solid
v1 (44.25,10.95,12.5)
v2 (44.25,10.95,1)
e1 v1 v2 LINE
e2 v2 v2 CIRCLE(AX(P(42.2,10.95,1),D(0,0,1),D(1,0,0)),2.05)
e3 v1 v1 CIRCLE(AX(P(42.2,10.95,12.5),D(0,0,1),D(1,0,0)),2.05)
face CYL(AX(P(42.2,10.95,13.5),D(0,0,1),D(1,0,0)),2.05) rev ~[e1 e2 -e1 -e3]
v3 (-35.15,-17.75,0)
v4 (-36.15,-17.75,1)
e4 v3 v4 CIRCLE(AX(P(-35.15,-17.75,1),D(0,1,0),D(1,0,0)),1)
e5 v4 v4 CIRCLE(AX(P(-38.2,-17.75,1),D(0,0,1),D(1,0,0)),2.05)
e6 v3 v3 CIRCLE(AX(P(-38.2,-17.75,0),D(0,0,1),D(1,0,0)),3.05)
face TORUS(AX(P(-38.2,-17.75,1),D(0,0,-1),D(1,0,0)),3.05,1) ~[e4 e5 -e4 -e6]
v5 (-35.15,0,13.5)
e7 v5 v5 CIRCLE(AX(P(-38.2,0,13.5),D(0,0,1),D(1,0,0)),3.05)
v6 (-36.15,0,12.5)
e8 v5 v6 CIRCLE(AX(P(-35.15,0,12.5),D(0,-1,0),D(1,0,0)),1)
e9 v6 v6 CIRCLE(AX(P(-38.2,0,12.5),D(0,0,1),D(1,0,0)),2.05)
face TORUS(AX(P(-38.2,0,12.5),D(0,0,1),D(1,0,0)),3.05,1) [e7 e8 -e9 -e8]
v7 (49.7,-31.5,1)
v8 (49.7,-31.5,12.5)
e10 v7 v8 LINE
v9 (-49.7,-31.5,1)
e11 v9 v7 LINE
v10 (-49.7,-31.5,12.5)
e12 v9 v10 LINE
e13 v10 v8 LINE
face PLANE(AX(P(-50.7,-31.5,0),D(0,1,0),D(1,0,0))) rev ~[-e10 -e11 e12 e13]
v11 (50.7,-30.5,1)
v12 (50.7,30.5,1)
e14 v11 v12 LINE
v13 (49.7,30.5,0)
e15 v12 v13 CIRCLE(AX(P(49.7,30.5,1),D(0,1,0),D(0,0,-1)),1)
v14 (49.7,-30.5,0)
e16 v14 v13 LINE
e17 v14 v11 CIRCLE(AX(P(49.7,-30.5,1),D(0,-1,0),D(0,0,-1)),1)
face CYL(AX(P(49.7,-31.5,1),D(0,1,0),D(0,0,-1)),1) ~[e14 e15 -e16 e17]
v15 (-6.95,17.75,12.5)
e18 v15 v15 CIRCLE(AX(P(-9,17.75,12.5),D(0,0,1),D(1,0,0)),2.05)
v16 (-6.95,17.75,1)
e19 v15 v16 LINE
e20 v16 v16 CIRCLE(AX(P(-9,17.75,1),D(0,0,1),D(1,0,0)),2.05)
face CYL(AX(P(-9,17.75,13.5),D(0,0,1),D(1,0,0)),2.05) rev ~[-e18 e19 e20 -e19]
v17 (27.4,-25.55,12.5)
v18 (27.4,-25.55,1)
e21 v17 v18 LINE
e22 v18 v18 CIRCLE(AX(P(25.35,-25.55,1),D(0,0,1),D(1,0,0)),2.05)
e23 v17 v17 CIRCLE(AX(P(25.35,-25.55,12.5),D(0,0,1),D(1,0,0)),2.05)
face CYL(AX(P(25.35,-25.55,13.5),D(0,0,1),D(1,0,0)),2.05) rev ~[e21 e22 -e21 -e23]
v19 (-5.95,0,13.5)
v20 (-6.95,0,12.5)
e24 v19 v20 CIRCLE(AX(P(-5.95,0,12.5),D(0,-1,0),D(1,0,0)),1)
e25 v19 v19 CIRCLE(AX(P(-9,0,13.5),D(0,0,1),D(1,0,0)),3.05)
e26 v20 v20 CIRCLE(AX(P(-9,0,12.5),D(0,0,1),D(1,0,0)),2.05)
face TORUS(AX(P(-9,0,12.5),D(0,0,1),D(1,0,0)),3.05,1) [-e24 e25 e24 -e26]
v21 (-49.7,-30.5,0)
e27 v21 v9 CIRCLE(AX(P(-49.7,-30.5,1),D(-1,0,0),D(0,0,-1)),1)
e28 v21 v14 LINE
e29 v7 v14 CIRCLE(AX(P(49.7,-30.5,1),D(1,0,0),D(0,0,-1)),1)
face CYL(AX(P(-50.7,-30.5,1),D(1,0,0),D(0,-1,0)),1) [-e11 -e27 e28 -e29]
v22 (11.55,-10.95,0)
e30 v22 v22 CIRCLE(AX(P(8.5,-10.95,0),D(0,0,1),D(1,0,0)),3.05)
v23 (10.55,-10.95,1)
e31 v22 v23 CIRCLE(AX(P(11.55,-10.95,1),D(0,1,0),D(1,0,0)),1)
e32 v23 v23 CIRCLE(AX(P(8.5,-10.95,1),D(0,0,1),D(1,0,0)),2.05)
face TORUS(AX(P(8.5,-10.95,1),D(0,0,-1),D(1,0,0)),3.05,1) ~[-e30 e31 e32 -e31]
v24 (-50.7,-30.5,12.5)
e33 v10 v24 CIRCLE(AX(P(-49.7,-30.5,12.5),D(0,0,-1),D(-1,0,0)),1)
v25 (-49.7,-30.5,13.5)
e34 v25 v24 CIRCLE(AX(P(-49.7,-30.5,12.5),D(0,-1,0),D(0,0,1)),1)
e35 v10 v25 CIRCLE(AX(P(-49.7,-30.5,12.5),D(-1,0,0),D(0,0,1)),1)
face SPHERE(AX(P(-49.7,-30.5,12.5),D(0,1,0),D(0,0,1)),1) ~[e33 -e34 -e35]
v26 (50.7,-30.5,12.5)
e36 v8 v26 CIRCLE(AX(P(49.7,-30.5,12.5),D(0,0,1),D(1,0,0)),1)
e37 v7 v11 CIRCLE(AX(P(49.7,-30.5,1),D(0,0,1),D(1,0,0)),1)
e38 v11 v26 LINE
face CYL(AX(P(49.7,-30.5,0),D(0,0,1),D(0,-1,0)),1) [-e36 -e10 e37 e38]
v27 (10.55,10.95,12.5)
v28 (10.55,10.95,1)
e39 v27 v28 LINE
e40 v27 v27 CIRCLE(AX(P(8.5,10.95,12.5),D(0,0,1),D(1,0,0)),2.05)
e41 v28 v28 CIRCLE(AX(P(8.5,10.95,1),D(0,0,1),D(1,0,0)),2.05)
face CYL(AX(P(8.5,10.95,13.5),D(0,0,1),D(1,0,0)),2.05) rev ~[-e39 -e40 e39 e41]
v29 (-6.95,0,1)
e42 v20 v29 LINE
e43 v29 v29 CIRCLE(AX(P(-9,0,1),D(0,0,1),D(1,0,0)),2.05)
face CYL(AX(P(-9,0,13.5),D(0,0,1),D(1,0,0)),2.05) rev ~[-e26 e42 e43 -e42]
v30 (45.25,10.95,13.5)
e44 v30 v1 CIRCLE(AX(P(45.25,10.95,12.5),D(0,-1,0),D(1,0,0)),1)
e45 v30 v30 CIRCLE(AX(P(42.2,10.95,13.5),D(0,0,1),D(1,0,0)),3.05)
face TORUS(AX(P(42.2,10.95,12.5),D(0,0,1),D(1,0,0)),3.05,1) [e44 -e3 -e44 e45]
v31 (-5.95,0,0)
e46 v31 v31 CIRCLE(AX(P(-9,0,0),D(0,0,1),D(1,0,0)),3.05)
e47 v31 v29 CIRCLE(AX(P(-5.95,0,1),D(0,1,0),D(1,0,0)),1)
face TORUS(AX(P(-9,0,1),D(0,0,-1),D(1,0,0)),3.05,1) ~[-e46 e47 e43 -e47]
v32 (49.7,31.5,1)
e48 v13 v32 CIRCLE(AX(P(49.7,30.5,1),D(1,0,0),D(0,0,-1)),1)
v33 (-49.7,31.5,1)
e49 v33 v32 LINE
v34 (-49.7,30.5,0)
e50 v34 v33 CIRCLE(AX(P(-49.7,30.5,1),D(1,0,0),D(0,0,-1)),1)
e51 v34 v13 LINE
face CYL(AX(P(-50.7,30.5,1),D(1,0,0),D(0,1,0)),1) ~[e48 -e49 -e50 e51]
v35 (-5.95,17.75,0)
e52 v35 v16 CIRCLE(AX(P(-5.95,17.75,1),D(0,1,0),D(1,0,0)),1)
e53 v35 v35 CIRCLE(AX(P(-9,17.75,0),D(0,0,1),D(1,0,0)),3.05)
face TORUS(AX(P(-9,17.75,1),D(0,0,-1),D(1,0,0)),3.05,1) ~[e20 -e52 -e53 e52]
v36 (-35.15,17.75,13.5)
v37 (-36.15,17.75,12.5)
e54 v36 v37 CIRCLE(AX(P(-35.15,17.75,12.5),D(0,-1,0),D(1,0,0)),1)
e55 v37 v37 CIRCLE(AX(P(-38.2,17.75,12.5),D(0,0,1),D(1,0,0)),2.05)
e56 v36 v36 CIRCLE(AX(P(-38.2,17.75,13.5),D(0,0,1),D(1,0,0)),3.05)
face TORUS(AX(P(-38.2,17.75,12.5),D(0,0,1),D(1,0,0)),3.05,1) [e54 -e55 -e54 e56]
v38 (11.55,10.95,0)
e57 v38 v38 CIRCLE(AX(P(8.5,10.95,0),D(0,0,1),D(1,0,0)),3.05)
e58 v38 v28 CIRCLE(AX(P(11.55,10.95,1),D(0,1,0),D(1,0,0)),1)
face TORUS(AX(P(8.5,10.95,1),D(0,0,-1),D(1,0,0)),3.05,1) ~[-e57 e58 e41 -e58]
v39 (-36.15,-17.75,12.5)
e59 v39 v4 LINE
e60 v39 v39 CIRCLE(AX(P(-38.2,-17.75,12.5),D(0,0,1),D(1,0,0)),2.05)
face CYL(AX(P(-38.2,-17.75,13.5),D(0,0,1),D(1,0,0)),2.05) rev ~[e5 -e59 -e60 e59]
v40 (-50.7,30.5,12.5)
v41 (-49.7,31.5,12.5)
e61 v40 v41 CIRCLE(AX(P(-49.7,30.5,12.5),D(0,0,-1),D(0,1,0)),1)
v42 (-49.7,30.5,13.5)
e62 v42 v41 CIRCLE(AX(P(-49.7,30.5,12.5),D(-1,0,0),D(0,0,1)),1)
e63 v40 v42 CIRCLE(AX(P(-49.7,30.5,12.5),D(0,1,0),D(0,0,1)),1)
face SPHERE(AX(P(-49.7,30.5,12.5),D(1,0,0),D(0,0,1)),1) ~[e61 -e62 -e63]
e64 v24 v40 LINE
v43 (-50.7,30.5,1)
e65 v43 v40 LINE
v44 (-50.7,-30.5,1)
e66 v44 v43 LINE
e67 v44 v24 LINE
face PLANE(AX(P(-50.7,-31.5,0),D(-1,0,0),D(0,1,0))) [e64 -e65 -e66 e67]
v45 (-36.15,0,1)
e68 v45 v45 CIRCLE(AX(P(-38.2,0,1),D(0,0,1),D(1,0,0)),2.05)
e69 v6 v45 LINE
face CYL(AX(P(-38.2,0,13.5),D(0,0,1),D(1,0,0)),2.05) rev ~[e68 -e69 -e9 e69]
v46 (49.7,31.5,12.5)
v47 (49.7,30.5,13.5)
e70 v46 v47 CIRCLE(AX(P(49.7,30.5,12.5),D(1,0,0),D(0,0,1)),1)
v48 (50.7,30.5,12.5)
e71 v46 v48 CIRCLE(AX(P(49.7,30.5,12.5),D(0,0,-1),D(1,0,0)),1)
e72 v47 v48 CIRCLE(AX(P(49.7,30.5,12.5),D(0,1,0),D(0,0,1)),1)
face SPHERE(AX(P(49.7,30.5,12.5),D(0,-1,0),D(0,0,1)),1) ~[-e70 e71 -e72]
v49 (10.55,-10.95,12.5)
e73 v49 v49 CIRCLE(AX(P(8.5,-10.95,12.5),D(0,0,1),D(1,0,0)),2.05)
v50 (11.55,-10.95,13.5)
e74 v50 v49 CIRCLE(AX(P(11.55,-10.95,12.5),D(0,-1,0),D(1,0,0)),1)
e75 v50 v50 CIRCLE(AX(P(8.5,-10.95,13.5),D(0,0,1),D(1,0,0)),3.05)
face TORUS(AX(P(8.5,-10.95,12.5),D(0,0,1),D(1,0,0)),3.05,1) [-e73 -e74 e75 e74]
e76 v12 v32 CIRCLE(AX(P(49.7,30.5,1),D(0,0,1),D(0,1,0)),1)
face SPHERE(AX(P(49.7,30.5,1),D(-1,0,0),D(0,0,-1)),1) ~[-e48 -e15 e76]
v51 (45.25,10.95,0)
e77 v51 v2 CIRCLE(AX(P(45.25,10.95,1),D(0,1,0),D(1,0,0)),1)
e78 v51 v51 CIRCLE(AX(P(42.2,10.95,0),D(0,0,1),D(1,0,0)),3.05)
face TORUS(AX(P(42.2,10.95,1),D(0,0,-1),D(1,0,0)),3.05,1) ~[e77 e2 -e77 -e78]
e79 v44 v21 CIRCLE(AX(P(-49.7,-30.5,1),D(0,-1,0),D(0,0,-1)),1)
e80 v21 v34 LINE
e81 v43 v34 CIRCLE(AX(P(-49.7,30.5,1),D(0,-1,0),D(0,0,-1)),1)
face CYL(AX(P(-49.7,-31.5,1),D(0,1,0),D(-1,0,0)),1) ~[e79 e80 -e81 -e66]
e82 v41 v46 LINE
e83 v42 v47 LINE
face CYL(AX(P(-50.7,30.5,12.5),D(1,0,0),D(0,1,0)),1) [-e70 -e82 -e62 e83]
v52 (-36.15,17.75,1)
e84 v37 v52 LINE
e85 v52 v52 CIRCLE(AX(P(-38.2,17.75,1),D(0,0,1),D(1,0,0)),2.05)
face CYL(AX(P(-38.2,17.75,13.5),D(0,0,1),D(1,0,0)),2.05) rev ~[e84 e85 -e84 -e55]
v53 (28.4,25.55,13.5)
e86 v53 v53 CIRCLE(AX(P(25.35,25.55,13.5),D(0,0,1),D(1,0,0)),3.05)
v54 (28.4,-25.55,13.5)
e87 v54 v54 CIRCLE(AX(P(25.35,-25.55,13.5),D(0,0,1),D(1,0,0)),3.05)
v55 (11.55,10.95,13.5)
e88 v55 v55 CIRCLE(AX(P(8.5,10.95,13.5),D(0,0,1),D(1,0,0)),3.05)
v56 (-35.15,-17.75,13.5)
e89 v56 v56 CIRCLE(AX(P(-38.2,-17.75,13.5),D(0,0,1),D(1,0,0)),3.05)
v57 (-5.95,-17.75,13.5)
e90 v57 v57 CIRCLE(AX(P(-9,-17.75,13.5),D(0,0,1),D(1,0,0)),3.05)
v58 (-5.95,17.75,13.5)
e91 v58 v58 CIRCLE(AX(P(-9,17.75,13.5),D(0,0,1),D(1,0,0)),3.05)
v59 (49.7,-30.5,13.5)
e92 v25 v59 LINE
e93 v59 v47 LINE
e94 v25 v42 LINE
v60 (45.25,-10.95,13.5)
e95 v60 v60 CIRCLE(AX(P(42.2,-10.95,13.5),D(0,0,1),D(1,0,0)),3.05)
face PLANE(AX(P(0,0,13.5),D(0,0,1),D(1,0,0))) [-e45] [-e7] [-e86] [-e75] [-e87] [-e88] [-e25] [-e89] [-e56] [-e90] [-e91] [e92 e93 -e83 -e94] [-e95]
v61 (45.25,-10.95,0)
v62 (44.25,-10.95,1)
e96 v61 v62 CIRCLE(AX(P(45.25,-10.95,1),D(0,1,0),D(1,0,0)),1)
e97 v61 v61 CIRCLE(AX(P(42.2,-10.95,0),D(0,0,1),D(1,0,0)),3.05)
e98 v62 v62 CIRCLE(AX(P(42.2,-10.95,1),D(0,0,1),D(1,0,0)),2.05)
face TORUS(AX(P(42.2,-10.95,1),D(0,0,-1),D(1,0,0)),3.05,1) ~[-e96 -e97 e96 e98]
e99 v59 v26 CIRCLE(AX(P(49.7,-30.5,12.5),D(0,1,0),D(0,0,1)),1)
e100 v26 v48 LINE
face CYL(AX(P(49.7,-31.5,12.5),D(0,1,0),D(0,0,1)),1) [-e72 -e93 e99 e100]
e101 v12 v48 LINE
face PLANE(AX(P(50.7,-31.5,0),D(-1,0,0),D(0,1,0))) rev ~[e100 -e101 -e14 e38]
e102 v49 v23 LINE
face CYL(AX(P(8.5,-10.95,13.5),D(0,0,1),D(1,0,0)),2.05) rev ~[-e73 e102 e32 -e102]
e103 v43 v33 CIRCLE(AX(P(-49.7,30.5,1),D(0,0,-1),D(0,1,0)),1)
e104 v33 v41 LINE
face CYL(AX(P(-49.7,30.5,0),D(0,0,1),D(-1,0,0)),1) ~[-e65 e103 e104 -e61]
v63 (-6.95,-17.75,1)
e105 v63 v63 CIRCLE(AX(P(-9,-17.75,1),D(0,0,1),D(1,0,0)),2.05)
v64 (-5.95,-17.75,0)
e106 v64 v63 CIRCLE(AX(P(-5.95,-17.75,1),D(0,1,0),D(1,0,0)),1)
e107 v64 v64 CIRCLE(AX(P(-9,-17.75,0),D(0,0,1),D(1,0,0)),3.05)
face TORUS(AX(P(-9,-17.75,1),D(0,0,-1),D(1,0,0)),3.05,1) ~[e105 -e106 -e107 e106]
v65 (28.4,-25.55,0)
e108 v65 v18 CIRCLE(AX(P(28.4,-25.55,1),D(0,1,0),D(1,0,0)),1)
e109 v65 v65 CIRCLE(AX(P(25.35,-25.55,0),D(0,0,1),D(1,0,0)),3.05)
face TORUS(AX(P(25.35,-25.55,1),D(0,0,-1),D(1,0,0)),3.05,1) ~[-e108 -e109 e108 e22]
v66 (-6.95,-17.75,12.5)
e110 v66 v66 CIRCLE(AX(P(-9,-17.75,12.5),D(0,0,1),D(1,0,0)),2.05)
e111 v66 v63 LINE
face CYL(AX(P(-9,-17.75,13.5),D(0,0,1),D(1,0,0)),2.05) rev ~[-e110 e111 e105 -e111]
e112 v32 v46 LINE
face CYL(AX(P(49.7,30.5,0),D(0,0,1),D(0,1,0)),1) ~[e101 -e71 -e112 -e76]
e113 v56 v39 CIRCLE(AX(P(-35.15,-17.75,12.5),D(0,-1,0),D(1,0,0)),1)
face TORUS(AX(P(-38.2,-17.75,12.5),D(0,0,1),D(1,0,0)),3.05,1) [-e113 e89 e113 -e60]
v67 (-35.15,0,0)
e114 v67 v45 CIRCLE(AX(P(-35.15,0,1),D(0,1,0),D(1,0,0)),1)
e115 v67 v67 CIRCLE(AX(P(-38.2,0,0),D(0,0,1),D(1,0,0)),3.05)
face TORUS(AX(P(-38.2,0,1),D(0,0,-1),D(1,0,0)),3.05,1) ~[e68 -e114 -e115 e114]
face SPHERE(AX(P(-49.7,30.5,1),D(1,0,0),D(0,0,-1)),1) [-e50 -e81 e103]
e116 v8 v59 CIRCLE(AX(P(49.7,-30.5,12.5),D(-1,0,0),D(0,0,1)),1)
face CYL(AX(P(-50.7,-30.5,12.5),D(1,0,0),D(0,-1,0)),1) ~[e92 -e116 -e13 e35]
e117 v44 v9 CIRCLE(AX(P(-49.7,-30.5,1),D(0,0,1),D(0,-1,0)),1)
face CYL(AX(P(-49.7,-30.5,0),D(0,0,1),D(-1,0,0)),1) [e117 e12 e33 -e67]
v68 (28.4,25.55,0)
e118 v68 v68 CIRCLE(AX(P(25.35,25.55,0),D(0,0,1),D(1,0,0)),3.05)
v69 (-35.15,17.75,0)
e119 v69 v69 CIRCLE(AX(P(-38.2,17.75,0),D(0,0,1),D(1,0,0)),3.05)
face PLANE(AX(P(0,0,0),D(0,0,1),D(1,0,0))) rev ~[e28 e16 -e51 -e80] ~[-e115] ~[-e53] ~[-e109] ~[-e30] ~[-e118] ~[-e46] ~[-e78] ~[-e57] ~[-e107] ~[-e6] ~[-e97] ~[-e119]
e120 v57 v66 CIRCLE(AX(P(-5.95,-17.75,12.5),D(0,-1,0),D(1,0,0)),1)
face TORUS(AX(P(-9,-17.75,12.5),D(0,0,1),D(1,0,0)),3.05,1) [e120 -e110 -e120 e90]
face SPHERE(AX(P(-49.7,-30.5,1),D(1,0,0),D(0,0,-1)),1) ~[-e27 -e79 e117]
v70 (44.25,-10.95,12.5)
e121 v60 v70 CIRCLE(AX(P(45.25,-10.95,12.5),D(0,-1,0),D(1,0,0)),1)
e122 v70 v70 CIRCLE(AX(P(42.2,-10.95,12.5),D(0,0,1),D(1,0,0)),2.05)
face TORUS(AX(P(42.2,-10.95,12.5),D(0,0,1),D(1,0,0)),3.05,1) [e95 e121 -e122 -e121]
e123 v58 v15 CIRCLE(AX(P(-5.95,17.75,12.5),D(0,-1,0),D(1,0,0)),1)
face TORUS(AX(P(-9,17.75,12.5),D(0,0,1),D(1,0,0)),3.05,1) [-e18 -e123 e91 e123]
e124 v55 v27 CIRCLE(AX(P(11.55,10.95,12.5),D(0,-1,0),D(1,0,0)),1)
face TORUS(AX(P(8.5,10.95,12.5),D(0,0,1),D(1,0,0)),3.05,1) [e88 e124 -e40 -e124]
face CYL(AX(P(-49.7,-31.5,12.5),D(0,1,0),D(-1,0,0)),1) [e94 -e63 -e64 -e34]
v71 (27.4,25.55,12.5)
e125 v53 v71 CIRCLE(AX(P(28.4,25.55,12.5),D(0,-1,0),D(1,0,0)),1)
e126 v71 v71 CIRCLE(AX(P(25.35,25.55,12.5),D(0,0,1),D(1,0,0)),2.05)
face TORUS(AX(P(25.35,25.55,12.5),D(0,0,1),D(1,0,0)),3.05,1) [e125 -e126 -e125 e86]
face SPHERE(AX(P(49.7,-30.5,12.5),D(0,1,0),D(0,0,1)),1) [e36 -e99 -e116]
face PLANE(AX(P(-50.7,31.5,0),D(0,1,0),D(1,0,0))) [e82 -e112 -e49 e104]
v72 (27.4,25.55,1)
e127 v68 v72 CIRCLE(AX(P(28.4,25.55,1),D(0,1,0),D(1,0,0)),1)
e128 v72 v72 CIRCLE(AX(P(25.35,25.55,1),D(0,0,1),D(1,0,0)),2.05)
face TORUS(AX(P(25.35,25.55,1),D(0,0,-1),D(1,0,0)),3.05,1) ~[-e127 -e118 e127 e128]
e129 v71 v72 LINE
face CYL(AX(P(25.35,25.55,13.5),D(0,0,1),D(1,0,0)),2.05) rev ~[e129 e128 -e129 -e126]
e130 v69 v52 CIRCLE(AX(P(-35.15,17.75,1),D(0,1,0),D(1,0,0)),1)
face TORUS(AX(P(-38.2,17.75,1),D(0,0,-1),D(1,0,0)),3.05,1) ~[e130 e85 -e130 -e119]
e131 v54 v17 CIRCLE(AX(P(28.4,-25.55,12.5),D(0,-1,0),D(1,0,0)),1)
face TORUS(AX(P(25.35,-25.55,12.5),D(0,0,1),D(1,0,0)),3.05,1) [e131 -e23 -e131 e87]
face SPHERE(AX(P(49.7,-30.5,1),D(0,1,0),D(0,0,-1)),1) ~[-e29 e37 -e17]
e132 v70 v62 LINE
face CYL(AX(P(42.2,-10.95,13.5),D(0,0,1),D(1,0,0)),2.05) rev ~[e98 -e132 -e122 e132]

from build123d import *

# Parameters (mm, degrees)
SKETCH_1_W          = 101.4
SKETCH_1_H          = 63
EXTRUDE_1_DEPTH     = 13.5
SKETCH_2_R          = 2.05
CUT_EXTRUDE_1_DEPTH = 62.196323419
FILLET_1_R          = 1


with BuildPart() as part:
    # 스케치1 → 보스-돌출1 (new body)
    with BuildSketch(Plane.XY):
        Rectangle(SKETCH_1_W, SKETCH_1_H)
    extrude(amount=EXTRUDE_1_DEPTH)

    # 스케치2 → 컷-돌출1 (cut, through all)
    with BuildSketch(Plane.XY.offset(13.5)):
        with Locations((-38.2, 17.75)):
            Circle(SKETCH_2_R)
        with Locations((-38.2, 0)):
            Circle(SKETCH_2_R)
        with Locations((-38.2, -17.75)):
            Circle(SKETCH_2_R)
        with Locations((-9, 17.75)):
            Circle(SKETCH_2_R)
        with Locations((-9, 0)):
            Circle(SKETCH_2_R)
        with Locations((-9, -17.75)):
            Circle(SKETCH_2_R)
        with Locations((25.35, 25.55)):
            Circle(SKETCH_2_R)
        with Locations((8.5, 10.95)):
            Circle(SKETCH_2_R)
        with Locations((8.5, -10.95)):
            Circle(SKETCH_2_R)
        with Locations((42.2, 10.95)):
            Circle(SKETCH_2_R)
        with Locations((42.2, -10.95)):
            Circle(SKETCH_2_R)
        with Locations((25.35, -25.55)):
            Circle(SKETCH_2_R)
    extrude(amount=-CUT_EXTRUDE_1_DEPTH, mode=Mode.SUBTRACT)

    # 필렛1
    fillet_1_edges = [part.edges().sort_by_distance(p)[0] for p in [
        (50.7, 0, 13.5),
        (0, 31.5, 13.5),
        (-40.25, 17.75, 0),
        (-40.25, 17.75, 13.5),
        (-40.25, 0, 0),
        (-40.25, 0, 13.5),
        (-40.25, -17.75, 0),
        (-40.25, -17.75, 13.5),
        (-11.05, 17.75, 0),
        (-11.05, 17.75, 13.5),
        (-11.05, 0, 0),
        (-11.05, 0, 13.5),
        (-11.05, -17.75, 0),
        (-11.05, -17.75, 13.5),
        (23.3, -25.55, 0),
        (23.3, -25.55, 13.5),
        (-50.7, 0, 13.5),
        (40.15, -10.95, 0),
        (40.15, -10.95, 13.5),
        (40.15, 10.95, 0),
        (40.15, 10.95, 13.5),
        (6.45, -10.95, 0),
        (0, 31.5, 0),
        (6.45, -10.95, 13.5),
        (6.45, 10.95, 0),
        (6.45, 10.95, 13.5),
        (23.3, 25.55, 0),
        (23.3, 25.55, 13.5),
        (50.7, 0, 0),
        (0, -31.5, 0),
        (-50.7, 0, 0),
        (0, -31.5, 13.5),
        (-50.7, 31.5, 6.75),
        (50.7, 31.5, 6.75),
        (50.7, -31.5, 6.75),
        (-50.7, -31.5, 6.75),
    ]]
    fillet(fillet_1_edges, radius=FILLET_1_R)


solid = part.part
